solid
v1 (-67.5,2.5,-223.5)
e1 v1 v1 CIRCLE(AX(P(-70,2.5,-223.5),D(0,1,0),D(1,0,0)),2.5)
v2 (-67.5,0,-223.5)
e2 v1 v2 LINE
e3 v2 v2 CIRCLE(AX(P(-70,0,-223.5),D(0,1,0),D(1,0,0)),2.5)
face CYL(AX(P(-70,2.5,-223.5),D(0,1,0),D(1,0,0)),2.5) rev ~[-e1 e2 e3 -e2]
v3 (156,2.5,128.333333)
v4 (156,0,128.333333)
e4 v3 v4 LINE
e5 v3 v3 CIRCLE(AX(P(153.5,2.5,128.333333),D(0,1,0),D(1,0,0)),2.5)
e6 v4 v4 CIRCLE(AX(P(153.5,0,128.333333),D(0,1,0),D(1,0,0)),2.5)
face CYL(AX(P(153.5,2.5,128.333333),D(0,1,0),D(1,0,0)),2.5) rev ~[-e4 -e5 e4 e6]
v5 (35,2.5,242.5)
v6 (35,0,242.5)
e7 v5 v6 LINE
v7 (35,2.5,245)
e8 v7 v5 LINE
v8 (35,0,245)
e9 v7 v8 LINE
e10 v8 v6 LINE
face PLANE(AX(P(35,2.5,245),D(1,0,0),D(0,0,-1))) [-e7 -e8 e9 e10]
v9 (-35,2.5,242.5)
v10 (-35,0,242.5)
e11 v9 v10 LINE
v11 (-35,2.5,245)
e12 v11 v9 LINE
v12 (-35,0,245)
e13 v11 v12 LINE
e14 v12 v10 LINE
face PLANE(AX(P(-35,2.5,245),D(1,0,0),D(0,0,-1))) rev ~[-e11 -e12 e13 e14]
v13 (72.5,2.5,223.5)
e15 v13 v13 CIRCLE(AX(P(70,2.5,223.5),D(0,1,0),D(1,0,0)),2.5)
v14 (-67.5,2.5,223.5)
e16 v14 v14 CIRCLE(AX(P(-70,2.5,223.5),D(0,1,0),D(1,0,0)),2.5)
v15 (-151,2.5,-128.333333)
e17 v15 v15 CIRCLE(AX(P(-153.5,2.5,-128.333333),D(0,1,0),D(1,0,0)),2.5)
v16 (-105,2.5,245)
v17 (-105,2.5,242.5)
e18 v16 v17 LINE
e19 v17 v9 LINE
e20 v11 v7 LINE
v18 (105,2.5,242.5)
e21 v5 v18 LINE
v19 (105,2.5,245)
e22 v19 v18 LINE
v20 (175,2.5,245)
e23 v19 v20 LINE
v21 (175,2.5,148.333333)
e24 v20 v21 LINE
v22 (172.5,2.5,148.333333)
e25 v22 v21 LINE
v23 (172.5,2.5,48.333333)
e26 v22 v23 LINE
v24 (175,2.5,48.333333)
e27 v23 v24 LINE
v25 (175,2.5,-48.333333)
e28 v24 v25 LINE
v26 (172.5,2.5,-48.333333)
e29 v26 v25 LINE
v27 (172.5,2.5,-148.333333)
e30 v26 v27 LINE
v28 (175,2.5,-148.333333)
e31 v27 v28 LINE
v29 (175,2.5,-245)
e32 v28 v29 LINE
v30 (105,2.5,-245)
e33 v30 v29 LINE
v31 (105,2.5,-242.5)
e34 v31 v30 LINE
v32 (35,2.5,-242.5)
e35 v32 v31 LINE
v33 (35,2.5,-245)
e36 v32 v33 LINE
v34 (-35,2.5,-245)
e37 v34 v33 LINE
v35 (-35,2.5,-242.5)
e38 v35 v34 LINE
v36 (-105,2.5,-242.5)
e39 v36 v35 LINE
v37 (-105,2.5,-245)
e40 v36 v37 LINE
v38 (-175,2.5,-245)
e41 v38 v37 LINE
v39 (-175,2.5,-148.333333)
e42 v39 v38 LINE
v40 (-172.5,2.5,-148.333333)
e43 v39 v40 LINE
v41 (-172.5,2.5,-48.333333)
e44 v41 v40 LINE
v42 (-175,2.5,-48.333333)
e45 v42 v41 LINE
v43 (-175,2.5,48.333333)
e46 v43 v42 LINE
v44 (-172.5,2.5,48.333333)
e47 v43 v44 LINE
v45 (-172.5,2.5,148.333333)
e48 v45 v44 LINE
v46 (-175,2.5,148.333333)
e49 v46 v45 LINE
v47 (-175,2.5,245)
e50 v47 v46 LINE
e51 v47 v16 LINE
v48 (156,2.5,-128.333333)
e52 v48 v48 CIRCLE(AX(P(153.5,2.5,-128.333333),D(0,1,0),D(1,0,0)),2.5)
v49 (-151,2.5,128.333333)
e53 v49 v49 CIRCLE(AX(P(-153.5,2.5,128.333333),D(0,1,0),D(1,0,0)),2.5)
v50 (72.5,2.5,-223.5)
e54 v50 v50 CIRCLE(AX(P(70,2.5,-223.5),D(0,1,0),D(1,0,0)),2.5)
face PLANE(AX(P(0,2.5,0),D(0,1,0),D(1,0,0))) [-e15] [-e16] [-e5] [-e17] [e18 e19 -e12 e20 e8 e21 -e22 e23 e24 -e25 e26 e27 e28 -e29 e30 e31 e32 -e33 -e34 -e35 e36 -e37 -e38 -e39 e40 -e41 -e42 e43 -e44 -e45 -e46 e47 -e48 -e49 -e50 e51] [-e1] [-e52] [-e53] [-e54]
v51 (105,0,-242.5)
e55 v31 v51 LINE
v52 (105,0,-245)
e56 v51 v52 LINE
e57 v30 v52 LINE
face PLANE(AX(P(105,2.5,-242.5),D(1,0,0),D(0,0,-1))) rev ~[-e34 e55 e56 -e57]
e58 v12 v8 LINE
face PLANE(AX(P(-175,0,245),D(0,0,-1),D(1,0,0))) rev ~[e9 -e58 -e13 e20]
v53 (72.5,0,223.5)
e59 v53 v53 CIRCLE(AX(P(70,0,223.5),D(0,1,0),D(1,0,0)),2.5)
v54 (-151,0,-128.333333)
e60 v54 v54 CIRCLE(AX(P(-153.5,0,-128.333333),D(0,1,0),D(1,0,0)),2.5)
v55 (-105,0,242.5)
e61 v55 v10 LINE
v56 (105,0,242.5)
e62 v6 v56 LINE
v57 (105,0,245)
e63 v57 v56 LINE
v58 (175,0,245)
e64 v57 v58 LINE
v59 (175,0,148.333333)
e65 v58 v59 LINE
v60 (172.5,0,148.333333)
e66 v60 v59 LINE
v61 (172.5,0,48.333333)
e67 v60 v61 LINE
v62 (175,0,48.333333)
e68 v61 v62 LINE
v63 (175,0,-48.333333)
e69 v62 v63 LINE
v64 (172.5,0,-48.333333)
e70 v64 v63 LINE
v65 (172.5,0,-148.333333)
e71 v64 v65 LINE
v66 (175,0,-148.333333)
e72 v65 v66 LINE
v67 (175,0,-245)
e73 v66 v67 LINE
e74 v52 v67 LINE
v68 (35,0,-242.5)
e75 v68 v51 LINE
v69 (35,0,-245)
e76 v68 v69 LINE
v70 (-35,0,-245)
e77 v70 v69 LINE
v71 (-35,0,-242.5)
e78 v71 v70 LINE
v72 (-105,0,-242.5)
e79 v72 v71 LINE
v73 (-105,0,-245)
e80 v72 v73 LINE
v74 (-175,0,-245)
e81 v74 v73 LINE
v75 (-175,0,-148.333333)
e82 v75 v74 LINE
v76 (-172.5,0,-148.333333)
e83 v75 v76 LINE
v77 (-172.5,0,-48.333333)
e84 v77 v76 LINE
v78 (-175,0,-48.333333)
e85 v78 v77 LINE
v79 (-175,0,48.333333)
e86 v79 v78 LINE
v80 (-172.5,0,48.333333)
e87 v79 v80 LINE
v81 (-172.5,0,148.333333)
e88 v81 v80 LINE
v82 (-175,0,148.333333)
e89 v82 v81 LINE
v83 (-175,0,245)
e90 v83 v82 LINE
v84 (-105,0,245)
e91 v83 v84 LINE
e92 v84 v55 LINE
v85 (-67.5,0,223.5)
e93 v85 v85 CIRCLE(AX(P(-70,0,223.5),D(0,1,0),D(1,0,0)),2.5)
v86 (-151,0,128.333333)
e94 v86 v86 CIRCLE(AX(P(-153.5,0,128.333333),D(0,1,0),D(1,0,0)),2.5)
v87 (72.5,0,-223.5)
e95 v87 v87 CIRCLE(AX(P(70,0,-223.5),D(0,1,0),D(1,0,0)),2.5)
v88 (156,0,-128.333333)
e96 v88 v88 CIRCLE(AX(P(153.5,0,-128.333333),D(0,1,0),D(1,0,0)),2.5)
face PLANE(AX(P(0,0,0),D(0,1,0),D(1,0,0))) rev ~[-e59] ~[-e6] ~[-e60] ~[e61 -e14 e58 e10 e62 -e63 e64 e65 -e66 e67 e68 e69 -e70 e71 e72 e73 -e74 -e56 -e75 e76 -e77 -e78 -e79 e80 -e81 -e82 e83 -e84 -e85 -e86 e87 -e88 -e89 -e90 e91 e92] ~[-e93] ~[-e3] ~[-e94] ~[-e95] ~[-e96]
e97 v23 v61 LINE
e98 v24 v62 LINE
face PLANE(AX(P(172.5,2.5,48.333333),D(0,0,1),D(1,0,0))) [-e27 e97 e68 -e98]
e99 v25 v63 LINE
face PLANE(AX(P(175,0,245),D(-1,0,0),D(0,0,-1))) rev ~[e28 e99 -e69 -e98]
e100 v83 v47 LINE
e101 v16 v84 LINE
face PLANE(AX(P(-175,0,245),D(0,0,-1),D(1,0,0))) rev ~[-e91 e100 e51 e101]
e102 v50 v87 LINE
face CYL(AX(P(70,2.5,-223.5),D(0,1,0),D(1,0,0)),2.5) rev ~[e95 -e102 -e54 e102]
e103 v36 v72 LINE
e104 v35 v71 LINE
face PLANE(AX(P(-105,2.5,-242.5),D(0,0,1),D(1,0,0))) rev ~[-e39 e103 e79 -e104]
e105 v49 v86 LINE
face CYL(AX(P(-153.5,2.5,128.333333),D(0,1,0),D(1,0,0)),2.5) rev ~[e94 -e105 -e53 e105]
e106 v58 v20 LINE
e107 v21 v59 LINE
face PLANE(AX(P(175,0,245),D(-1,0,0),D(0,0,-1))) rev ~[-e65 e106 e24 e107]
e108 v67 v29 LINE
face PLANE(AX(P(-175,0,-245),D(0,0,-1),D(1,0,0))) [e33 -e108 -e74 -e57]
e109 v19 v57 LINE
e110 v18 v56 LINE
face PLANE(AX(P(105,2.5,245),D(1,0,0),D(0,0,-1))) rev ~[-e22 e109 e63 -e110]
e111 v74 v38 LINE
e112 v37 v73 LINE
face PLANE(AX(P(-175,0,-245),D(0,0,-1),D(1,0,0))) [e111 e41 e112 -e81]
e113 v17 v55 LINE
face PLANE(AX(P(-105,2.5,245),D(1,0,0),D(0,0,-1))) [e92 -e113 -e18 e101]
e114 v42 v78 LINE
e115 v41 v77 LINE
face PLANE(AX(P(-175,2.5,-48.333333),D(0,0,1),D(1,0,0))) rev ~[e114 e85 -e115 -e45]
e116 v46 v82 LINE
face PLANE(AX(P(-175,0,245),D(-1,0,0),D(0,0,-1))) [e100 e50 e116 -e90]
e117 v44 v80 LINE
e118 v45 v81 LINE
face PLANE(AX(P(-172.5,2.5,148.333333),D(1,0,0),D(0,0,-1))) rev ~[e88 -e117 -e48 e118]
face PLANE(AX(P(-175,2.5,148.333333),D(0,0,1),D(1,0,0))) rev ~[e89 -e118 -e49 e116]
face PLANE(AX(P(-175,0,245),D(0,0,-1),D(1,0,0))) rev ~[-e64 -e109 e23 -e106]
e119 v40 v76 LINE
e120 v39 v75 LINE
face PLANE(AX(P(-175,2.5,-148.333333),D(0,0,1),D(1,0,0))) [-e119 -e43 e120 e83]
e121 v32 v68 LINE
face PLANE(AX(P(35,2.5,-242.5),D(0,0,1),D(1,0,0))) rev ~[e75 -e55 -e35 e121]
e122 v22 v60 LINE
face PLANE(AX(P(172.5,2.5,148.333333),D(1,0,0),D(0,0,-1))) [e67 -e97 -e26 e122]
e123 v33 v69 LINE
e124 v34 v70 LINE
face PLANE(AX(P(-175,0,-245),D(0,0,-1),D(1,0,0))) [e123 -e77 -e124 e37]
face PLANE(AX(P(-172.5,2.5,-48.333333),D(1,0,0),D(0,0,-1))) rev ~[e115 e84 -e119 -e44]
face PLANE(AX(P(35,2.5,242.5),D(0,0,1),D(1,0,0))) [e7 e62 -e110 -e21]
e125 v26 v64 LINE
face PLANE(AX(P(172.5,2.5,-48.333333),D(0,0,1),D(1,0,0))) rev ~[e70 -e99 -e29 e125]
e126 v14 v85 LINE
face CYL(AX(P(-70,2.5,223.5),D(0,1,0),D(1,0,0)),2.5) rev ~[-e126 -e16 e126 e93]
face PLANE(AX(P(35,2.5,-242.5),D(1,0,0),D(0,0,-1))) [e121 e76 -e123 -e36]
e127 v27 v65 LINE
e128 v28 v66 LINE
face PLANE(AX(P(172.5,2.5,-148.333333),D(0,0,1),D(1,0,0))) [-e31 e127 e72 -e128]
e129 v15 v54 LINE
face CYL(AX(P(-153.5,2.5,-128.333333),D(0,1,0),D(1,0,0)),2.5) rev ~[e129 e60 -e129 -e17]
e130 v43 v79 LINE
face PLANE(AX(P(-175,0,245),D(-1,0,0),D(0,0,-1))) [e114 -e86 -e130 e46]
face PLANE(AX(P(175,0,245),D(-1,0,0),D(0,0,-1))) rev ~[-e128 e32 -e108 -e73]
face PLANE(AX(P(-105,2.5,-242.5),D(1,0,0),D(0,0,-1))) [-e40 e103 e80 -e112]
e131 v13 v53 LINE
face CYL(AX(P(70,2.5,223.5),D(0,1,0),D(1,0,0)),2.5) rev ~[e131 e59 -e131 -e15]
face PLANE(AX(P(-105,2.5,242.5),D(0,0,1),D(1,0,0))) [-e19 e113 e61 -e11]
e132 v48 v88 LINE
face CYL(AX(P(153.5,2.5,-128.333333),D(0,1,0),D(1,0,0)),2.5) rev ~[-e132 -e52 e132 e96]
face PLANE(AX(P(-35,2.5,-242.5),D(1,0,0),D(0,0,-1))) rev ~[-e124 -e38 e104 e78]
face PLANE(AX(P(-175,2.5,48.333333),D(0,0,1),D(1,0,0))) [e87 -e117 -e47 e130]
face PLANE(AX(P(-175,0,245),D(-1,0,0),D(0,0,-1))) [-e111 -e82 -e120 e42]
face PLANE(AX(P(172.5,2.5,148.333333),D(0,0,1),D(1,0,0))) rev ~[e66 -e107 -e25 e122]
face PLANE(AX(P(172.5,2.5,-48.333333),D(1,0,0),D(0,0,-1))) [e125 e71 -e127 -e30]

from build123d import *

# Parameters (mm, degrees)
SKETCH1_W           = 350
SKETCH1_H           = 490
BOSS_EXTRUDE1_DEPTH = 2.5
SKETCH2_R           = 2.5
SKETCH2_W           = 70
SKETCH2_H           = 2.5
SKETCH2_W_2         = 2.5
SKETCH2_H_2         = 100
CUT_EXTRUDE1_DEPTH  = 2.5


with BuildPart() as part:
    # Sketch1 → Boss-Extrude1 (new body)
    with BuildSketch(Plane(origin=(0, 0, 0), x_dir=(1, 0, 0), z_dir=(0, 1, 0))):
        Rectangle(SKETCH1_W, SKETCH1_H)
    extrude(amount=BOSS_EXTRUDE1_DEPTH)

    # Sketch2 → Cut-Extrude1 (cut)
    with BuildSketch(Plane(origin=(0, 2.5, 0), x_dir=(1, 0, 0), z_dir=(0, 1, 0))):
        with Locations((70, 223.5)):
            Circle(SKETCH2_R)
        with Locations((-70, 223.5)):
            Circle(SKETCH2_R)
        with Locations((70, -223.5)):
            Circle(SKETCH2_R)
        with Locations((-70, -223.5)):
            Circle(SKETCH2_R)
        with Locations((153.5, 128.333333333)):
            Circle(SKETCH2_R)
        with Locations((153.5, -128.333333333)):
            Circle(SKETCH2_R)
        with Locations((-153.5, -128.333333333)):
            Circle(SKETCH2_R)
        with Locations((-153.5, 128.333333333)):
            Circle(SKETCH2_R)
        with Locations((-70, 243.75)):
            Rectangle(SKETCH2_W, SKETCH2_H)
        with Locations((-173.75, 98.333333333)):
            Rectangle(SKETCH2_W_2, SKETCH2_H_2)
        with Locations((70, 243.75)):
            Rectangle(SKETCH2_W, SKETCH2_H)
        with Locations((-173.75, -98.333333333)):
            Rectangle(SKETCH2_W_2, SKETCH2_H_2)
        with Locations((173.75, -98.333333333)):
            Rectangle(SKETCH2_W_2, SKETCH2_H_2)
        with Locations((173.75, 98.333333333)):
            Rectangle(SKETCH2_W_2, SKETCH2_H_2)
        with Locations((70, -243.75)):
            Rectangle(SKETCH2_W, SKETCH2_H)
        with Locations((-70, -243.75)):
            Rectangle(SKETCH2_W, SKETCH2_H)
    extrude(amount=-CUT_EXTRUDE1_DEPTH, mode=Mode.SUBTRACT)


solid = part.part
